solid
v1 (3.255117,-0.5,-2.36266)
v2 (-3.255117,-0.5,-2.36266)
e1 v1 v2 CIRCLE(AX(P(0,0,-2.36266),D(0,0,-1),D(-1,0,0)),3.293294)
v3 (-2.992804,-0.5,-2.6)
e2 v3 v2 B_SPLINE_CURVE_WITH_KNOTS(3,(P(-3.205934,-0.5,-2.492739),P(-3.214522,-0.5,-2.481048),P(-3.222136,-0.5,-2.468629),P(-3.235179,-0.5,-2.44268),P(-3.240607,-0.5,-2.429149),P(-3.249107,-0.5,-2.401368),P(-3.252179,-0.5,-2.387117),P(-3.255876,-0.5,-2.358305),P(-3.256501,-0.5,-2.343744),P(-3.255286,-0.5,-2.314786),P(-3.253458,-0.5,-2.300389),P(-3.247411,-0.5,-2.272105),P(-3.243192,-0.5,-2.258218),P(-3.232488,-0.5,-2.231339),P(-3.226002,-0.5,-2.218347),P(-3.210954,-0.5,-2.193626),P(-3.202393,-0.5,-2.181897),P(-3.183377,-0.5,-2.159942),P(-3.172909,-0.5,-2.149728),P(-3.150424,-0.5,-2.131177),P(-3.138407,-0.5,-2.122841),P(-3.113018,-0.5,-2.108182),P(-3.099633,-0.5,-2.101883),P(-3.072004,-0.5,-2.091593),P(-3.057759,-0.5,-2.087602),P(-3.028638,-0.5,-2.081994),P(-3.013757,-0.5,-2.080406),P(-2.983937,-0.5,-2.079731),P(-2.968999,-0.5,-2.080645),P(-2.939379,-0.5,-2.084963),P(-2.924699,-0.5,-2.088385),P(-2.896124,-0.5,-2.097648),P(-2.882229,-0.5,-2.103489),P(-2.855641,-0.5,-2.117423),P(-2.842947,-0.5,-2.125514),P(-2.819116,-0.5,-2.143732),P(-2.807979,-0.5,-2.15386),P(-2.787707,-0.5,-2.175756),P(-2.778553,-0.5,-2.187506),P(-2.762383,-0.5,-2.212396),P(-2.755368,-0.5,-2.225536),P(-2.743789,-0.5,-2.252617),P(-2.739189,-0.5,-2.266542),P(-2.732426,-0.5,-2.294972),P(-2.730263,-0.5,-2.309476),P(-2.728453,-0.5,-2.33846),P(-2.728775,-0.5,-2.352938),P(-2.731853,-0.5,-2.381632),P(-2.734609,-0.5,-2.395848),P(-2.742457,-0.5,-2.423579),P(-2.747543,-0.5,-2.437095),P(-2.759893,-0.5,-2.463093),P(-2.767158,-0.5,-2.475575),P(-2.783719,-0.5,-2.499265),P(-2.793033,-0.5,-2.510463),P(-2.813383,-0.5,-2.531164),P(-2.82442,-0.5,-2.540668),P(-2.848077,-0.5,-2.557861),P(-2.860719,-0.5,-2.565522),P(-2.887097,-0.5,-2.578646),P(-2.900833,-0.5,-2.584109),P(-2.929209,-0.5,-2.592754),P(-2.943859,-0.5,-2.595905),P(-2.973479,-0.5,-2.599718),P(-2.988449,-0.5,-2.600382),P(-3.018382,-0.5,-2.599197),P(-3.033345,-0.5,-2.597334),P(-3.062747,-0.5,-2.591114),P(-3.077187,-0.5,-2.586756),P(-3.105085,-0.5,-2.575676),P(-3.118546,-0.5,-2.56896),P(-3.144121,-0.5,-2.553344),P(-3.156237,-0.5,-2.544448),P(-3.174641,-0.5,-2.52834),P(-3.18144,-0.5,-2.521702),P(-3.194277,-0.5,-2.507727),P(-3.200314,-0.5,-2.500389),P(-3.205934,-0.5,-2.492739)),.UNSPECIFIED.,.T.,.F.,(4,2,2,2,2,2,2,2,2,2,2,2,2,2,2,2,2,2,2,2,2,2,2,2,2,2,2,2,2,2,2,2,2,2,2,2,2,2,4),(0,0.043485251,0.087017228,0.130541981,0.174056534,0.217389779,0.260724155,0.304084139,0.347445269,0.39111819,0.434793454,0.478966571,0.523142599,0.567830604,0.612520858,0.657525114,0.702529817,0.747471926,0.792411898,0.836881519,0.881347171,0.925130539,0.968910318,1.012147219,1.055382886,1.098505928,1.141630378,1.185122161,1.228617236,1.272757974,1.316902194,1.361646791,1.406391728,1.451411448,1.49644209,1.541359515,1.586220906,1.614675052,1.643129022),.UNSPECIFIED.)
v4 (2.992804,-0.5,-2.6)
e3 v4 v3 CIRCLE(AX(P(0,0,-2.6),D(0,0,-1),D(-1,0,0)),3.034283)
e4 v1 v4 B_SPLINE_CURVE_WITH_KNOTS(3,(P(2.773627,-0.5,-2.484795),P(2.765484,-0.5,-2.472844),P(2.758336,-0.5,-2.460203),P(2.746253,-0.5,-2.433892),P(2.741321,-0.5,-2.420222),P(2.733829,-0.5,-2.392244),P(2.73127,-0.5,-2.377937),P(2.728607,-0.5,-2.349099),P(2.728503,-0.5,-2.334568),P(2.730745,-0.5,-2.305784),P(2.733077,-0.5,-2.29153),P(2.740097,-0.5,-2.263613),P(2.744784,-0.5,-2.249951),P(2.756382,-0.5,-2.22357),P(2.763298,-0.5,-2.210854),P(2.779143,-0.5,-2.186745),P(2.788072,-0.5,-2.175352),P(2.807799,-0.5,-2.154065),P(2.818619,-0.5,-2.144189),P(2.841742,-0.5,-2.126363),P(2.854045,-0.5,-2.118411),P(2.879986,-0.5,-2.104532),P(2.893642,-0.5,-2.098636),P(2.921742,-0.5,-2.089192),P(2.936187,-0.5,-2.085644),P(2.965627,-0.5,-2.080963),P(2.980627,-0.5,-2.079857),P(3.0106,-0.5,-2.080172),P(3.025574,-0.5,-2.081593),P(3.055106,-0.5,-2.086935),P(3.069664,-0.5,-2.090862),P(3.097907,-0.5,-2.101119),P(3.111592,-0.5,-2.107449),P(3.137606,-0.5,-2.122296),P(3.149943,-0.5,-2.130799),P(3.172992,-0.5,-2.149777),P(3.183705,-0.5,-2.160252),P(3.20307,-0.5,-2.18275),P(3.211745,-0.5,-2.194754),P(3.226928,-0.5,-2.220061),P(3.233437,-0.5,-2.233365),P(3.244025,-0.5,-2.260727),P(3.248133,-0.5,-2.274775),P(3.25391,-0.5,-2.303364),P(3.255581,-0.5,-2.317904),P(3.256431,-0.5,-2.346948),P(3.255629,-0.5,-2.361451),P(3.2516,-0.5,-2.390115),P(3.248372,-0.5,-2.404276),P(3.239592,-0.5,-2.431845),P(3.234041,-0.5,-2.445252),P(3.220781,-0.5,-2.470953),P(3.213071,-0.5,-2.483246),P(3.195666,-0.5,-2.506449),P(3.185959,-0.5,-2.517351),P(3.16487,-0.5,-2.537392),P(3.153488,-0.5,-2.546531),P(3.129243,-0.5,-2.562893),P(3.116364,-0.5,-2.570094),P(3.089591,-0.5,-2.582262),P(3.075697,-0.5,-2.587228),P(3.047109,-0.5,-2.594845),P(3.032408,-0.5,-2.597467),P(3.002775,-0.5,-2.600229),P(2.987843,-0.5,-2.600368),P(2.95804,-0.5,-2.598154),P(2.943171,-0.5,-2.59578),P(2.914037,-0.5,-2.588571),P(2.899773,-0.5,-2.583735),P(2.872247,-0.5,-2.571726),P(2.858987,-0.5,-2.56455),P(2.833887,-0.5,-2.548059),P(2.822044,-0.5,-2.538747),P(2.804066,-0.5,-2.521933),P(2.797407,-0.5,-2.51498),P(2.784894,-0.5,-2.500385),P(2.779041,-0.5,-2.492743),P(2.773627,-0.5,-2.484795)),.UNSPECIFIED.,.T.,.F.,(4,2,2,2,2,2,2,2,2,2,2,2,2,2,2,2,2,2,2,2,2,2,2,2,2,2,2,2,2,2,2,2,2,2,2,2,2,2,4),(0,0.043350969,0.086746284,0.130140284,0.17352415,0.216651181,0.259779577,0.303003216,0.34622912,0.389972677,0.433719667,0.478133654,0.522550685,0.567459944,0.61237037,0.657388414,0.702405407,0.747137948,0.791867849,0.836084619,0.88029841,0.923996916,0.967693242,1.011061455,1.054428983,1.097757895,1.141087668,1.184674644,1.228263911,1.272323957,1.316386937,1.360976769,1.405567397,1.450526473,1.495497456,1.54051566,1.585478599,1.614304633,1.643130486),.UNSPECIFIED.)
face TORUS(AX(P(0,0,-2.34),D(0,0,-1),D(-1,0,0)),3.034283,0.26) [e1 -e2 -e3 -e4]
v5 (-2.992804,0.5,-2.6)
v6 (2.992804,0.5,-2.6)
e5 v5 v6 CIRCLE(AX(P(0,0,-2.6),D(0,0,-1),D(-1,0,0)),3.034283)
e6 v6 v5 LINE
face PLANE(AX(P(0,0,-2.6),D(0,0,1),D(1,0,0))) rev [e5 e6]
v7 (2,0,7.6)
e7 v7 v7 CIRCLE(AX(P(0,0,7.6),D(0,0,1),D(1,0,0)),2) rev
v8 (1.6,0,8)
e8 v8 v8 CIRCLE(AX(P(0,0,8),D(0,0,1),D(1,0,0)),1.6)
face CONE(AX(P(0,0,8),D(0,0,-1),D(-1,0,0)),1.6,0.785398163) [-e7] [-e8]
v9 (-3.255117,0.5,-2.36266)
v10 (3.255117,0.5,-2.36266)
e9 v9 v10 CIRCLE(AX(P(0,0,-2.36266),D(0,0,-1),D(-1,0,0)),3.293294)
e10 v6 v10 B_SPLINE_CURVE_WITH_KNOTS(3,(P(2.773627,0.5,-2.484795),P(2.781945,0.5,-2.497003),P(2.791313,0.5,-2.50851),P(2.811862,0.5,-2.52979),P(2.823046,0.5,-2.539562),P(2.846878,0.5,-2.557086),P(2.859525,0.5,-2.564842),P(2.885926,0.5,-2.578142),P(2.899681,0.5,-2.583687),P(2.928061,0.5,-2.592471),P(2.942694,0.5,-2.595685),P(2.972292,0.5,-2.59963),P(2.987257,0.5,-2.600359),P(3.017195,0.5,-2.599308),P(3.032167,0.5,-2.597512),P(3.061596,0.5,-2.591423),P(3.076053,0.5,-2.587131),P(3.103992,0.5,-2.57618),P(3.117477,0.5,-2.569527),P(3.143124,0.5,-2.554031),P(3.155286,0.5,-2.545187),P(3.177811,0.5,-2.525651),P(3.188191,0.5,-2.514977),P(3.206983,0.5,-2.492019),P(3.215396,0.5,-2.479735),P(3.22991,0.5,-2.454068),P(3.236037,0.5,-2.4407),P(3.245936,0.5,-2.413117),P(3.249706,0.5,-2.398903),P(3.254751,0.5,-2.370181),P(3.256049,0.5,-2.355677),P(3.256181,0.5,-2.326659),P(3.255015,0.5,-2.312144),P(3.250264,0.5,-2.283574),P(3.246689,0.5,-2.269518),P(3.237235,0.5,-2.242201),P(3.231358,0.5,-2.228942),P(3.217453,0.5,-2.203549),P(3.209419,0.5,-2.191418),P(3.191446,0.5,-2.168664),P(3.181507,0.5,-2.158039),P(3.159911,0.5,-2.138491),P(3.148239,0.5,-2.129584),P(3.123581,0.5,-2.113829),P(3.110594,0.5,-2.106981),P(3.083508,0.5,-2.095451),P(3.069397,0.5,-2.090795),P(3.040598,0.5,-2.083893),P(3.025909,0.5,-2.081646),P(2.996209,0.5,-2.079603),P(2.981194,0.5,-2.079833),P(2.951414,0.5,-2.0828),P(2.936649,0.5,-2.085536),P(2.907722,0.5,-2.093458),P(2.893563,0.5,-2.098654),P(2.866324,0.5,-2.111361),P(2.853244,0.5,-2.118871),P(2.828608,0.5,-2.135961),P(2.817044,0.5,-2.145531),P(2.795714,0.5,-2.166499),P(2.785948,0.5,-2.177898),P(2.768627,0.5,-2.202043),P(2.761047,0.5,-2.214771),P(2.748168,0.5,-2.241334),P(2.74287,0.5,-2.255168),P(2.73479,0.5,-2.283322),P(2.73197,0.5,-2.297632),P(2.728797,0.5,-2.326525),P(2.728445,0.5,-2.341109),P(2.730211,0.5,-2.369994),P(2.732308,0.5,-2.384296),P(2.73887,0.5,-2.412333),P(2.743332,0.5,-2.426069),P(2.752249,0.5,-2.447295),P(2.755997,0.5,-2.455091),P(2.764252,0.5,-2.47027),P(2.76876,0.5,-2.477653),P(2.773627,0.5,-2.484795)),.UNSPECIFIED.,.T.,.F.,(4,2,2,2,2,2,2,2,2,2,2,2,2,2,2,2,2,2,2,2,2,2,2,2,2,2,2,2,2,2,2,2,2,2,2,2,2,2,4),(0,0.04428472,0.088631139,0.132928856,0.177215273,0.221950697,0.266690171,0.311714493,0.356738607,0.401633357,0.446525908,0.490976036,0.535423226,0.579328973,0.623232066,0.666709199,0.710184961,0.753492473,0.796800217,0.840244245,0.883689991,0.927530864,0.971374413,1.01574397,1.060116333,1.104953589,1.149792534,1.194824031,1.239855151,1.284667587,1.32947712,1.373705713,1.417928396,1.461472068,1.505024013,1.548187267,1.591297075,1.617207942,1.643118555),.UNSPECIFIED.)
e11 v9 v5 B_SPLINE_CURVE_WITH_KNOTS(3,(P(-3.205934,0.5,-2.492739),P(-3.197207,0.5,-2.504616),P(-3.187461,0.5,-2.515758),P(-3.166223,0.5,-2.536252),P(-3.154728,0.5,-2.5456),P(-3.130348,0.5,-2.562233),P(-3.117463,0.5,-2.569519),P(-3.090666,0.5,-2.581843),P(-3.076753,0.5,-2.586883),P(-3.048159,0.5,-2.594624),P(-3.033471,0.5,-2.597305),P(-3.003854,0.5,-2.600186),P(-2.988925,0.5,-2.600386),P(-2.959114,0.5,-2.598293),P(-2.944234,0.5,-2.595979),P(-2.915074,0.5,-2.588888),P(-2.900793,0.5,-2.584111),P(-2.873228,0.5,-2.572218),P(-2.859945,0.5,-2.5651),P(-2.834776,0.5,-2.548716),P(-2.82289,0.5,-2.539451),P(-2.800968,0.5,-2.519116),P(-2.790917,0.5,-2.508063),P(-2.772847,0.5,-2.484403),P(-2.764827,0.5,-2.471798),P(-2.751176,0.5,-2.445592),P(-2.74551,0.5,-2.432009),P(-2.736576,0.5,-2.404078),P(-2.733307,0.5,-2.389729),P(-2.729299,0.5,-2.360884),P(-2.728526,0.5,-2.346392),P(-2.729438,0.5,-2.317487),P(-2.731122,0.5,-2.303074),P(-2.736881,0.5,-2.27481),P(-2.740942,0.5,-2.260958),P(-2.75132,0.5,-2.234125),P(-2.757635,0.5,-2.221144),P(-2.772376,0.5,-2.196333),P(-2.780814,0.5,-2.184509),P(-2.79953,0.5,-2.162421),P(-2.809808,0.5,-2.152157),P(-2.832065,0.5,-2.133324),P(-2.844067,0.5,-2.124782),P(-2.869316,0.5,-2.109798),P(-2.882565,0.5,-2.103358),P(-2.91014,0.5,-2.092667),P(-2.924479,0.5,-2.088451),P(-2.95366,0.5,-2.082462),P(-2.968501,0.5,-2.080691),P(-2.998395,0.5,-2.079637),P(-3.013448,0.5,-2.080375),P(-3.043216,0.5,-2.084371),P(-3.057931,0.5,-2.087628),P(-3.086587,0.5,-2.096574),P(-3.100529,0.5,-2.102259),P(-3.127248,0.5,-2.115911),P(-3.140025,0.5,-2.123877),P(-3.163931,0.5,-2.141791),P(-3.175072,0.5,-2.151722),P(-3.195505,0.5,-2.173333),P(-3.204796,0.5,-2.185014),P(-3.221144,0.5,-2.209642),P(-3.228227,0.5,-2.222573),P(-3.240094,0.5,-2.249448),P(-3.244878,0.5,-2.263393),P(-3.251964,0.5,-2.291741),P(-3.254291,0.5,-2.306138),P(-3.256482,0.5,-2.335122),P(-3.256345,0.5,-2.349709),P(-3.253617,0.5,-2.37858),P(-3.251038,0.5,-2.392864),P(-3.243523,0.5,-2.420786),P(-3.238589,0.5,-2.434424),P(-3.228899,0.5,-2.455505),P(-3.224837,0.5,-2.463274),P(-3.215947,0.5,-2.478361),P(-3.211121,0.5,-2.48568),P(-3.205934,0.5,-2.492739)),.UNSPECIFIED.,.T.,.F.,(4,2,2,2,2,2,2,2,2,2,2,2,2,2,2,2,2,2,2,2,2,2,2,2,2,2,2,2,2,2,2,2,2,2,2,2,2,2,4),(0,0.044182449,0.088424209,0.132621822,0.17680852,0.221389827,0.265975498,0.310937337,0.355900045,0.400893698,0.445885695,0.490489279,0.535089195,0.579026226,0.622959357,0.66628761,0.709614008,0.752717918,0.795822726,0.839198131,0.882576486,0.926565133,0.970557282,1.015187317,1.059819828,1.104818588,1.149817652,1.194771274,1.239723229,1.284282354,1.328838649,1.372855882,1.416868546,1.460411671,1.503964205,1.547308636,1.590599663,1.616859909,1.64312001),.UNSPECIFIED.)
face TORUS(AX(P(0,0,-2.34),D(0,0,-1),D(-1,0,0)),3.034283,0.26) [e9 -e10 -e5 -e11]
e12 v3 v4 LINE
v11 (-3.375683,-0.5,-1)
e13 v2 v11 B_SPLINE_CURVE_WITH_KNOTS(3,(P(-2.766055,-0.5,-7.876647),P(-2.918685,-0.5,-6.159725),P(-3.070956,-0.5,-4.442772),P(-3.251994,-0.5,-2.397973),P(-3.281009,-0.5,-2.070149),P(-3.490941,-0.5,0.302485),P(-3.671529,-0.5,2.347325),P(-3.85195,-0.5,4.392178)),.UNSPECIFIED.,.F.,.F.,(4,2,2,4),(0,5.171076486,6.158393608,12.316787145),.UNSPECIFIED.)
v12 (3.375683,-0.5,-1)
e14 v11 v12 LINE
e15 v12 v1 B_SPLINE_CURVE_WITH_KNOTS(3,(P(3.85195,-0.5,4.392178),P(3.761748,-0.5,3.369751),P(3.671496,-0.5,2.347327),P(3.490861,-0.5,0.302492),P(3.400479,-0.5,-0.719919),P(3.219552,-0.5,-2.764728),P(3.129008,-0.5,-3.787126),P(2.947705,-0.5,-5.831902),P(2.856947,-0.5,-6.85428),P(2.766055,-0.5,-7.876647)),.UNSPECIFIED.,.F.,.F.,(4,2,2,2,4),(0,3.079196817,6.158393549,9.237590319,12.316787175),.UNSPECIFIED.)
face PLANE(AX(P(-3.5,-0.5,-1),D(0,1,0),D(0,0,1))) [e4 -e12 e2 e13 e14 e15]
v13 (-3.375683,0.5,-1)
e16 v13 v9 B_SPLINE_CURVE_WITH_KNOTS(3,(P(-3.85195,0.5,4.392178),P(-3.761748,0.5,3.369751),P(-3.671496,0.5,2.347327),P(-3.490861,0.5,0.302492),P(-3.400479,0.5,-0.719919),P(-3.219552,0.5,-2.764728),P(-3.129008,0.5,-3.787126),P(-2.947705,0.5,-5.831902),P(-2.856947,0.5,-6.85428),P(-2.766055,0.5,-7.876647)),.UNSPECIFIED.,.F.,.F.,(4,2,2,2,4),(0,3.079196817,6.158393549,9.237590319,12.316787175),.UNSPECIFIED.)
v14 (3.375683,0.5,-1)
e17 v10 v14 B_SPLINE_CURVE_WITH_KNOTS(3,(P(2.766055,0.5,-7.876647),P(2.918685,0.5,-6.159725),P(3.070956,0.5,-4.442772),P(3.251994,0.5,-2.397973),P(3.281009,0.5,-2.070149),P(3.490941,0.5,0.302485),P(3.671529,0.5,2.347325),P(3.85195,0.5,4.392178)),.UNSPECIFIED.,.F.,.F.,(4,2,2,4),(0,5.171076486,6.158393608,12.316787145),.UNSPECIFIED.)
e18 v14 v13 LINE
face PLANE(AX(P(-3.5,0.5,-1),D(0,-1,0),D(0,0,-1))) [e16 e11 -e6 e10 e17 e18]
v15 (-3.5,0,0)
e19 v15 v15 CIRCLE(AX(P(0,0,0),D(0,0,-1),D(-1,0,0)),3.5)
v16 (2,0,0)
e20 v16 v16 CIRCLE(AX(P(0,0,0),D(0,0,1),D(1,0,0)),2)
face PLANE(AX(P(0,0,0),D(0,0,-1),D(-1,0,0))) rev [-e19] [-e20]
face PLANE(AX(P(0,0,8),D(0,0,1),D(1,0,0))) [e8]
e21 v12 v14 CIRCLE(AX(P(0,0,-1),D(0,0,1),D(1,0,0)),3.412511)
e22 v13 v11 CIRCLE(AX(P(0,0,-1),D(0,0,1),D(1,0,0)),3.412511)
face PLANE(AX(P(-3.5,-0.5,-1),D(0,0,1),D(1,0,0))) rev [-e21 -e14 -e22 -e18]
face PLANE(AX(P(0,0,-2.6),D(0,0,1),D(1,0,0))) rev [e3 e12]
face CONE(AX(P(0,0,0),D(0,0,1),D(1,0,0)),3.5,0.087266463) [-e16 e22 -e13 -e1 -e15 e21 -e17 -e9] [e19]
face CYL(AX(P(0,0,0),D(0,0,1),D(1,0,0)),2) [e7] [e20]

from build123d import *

# Parameters (mm, degrees)
ESQUISSE2_W             = 7
ESQUISSE2_H             = 1
ENLEV_MAT_EXTRU_1_DEPTH = 1.6
ESQUISSE3_W             = 2
ESQUISSE3_H             = 8
CHANFREIN1_SIZE         = 0.4


with BuildPart() as part:
    # Esquisse1 → Base-Révolution (revolve)
    with BuildSketch(Plane(origin=(0, 0, 0), x_dir=(1, 0, 0), z_dir=(0, 1, 0))):
        with BuildLine():
            Line((0, 0), (3.5, 0))
            Line((3.5, 0), (3.293293991, 2.362660493))
            ThreePointArc((3.293293991, 2.362660493), (3.209936824, 2.531692108), (3.03428337, 2.6))
            Line((3.03428337, 2.6), (0, 2.6))
            Line((0, 2.6), (0, 0))
        make_face()
    revolve(axis=Axis((0, 0, 0), (0, 0, -1)))

    # Esquisse2 → Enlev. mat.-Extru.1 (cut)
    with BuildSketch(Plane.XY.offset(-2.6)):
        Rectangle(ESQUISSE2_W, ESQUISSE2_H)
    extrude(amount=ENLEV_MAT_EXTRU_1_DEPTH, mode=Mode.SUBTRACT)

    # Esquisse3 → Boss.-Révol.1 (revolve)
    with BuildSketch(Plane(origin=(0, 0, 0), x_dir=(1, 0, 0), z_dir=(0, 1, 0))):
        with Locations((1, -4)):
            Rectangle(ESQUISSE3_W, ESQUISSE3_H)
    revolve(axis=Axis((0, 0, 0), (0, 0, 1)))

    # Chanfrein1
    chanfrein1_edges = [part.edges().sort_by_distance(p)[0] for p in [
        (-2, 0, 8),
    ]]
    chamfer(chanfrein1_edges, length=CHANFREIN1_SIZE)


solid = part.part
